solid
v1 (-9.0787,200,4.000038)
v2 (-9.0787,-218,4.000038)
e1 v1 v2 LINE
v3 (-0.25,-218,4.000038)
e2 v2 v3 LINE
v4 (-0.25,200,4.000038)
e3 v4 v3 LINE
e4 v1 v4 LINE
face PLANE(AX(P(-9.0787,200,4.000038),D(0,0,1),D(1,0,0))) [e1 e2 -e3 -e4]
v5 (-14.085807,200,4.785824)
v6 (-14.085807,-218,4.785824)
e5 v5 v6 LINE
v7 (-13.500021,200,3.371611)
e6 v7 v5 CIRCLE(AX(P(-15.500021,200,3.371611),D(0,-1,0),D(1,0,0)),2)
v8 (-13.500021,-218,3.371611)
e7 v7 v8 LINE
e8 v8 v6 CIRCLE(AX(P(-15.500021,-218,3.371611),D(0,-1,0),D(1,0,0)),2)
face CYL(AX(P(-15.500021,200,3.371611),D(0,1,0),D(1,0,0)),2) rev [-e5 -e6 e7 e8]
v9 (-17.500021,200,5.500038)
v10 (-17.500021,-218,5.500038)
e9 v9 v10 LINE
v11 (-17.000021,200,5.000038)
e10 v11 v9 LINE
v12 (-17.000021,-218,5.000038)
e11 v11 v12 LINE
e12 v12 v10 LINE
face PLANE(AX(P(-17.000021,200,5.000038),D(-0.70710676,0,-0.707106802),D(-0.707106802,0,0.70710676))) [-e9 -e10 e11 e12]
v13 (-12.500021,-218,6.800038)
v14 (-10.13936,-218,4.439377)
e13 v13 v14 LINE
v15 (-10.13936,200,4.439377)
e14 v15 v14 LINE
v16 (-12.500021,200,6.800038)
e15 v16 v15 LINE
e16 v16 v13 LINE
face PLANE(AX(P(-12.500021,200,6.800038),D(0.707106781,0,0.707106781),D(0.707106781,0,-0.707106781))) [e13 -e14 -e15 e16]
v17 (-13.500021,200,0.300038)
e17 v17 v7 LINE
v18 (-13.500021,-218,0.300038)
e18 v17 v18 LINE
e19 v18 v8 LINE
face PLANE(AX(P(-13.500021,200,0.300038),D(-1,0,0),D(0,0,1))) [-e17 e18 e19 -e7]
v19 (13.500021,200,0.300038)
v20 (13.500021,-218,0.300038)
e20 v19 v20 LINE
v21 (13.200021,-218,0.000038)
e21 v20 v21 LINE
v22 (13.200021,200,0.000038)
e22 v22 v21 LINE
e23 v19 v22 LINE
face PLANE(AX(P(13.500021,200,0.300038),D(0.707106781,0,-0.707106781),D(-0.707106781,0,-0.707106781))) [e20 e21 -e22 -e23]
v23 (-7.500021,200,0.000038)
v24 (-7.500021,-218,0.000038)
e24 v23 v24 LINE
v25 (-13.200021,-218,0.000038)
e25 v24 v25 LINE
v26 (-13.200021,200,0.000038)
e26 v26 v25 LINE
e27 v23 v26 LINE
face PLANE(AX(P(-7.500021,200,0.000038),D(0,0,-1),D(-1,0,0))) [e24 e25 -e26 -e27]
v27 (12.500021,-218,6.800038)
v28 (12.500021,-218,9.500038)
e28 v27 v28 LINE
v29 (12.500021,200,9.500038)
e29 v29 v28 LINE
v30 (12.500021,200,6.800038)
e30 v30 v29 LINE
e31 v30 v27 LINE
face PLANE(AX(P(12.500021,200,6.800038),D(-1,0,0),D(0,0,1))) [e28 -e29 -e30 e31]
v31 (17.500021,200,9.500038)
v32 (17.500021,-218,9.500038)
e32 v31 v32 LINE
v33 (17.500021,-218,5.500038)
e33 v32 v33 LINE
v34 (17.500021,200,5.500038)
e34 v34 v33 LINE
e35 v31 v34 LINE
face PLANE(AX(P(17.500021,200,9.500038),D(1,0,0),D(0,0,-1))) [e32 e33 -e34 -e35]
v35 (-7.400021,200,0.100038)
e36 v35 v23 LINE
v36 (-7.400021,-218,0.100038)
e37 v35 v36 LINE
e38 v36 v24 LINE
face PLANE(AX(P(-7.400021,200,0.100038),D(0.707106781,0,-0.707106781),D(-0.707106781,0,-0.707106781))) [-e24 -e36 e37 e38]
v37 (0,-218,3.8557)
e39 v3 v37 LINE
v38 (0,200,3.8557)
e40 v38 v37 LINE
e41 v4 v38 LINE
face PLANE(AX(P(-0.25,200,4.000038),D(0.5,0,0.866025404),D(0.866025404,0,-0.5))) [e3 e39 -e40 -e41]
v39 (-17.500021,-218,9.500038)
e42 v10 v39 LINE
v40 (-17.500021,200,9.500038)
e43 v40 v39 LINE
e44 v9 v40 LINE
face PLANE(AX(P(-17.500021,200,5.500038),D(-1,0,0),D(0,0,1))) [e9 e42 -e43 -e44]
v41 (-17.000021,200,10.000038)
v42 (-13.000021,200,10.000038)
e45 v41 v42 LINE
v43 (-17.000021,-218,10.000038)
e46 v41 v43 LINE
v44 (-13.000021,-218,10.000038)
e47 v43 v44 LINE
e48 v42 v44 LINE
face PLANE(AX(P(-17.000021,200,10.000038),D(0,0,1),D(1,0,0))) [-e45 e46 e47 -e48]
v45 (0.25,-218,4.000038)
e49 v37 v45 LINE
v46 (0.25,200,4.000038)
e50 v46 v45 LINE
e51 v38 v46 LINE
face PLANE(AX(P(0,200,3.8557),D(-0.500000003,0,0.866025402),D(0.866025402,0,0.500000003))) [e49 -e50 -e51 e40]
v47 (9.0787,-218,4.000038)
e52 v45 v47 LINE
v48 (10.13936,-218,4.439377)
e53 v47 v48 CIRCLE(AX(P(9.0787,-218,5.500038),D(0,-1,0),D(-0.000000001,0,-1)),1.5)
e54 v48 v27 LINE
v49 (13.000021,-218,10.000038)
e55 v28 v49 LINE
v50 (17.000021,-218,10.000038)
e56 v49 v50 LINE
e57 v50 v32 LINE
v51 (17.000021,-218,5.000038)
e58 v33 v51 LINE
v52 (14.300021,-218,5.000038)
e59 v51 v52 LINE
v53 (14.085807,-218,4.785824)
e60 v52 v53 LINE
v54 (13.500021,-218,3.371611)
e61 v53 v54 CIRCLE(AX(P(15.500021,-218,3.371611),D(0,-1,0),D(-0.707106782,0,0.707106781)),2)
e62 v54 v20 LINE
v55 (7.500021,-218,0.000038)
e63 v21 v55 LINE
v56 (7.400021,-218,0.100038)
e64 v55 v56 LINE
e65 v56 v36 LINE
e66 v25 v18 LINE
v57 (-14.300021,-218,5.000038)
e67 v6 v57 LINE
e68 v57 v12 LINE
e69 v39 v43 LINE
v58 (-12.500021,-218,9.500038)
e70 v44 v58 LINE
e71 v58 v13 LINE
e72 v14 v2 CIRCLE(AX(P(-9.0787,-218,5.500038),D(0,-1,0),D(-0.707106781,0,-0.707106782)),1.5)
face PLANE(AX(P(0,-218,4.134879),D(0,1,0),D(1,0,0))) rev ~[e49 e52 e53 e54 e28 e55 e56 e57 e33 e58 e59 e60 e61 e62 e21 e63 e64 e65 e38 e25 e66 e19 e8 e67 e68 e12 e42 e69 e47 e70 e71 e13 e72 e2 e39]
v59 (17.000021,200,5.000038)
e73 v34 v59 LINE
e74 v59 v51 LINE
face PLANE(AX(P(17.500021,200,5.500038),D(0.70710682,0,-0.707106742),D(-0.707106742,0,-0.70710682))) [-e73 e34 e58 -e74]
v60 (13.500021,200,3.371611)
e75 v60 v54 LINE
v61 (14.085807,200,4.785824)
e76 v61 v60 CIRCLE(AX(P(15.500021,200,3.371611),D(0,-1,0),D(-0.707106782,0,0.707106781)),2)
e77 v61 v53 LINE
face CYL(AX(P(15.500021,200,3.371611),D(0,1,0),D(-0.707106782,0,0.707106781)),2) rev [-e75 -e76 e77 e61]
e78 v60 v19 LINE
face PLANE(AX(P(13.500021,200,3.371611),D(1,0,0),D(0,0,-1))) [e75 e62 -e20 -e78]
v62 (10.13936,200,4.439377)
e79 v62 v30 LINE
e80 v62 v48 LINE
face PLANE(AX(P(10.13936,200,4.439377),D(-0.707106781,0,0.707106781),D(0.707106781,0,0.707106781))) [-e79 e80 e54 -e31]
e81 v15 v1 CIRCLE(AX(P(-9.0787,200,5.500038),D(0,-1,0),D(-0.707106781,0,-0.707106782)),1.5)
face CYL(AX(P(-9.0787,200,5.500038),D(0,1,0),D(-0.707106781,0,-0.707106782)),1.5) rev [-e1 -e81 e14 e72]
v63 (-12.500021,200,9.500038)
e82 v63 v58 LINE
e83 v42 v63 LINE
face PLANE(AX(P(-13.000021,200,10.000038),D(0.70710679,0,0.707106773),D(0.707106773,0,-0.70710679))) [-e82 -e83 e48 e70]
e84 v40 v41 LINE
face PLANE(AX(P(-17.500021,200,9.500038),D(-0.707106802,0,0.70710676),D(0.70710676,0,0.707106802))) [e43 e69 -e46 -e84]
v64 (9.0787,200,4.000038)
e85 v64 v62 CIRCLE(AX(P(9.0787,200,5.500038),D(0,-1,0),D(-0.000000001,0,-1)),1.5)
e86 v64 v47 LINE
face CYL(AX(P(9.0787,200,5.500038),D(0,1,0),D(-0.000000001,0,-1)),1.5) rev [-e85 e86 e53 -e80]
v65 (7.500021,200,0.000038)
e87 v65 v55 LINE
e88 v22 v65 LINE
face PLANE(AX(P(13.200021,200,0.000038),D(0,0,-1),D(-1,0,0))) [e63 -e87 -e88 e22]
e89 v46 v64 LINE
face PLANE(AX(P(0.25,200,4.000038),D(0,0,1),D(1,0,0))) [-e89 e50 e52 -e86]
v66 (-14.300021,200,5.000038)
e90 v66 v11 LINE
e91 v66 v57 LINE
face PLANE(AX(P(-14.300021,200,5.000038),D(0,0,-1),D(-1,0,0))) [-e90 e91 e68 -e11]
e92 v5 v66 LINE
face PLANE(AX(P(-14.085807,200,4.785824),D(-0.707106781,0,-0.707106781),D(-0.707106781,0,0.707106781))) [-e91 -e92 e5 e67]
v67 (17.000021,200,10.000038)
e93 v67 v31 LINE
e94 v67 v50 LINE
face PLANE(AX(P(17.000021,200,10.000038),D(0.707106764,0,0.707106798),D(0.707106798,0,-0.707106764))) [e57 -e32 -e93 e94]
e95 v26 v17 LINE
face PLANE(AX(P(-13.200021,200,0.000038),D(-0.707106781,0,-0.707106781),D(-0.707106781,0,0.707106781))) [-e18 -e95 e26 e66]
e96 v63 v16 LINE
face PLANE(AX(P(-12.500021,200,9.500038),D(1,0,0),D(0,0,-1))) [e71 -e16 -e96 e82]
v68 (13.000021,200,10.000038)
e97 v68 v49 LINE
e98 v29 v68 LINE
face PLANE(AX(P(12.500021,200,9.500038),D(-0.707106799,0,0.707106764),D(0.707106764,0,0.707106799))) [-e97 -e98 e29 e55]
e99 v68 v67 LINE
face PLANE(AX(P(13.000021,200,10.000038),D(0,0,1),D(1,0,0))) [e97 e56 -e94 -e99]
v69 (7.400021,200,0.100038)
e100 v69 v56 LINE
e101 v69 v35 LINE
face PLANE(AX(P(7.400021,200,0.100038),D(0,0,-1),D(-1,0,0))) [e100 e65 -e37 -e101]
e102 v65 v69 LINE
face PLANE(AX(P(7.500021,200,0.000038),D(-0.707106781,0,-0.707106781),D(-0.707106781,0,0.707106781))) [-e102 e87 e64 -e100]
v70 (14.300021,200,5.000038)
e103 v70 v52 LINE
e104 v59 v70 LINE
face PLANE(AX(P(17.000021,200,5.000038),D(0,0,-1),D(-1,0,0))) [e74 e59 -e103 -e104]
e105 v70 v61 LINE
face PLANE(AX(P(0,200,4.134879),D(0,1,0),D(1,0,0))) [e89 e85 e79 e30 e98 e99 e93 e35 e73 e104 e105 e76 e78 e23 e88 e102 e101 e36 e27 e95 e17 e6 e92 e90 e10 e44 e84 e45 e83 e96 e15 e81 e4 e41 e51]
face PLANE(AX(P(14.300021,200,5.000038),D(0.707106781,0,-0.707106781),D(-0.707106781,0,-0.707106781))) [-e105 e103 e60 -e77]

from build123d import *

# Parameters (mm, degrees)
BOSS_EXTRUDE1_DEPTH = 418


with BuildPart() as part:
    # Sketch1 → Boss-Extrude1 (new body)
    with BuildSketch(Plane(origin=(0, 200, 0), x_dir=(1, 0, 0), z_dir=(0, 1, 0))):
        with BuildLine():
            Line((1e-09, -3.855700002), (0.25, -4.00003757))
            Line((0.25, -4.00003757), (9.078700232, -4.00003757))
            ThreePointArc((9.078700232, -4.00003757), (9.652725366, -4.114218268), (10.139360377, -4.439377387))
            Line((10.139360377, -4.439377387), (12.500020747, -6.800037757))
            Line((12.500020747, -6.800037757), (12.500020747, -9.500037757))
            Line((12.500020747, -9.500037757), (13.00002072, -10.000037755))
            Line((13.00002072, -10.000037755), (17.00002072, -10.000037755))
            Line((17.00002072, -10.000037755), (17.500020747, -9.500037752))
            Line((17.500020747, -9.500037752), (17.500020747, -5.500037752))
            Line((17.500020747, -5.500037752), (17.00002075, -5.0000377))
            Line((17.00002075, -5.0000377), (14.30002072, -5.0000377))
            Line((14.30002072, -5.0000377), (14.085807141, -4.785824121))
            ThreePointArc((14.085807141, -4.785824121), (13.652261651, -4.136977442), (13.50002072, -3.371610598))
            Line((13.50002072, -3.371610598), (13.50002072, -0.30003757))
            Line((13.50002072, -0.30003757), (13.20002072, -3.757e-05))
            Line((13.20002072, -3.757e-05), (7.50002072, -3.757e-05))
            Line((7.50002072, -3.757e-05), (7.40002072, -0.10003757))
            Line((7.40002072, -0.10003757), (-7.40002072, -0.10003757))
            Line((-7.40002072, -0.10003757), (-7.50002072, -3.757e-05))
            Line((-7.50002072, -3.757e-05), (-13.20002072, -3.757e-05))
            Line((-13.20002072, -3.757e-05), (-13.50002072, -0.30003757))
            Line((-13.50002072, -0.30003757), (-13.50002072, -3.371610628))
            ThreePointArc((-13.50002072, -3.371610628), (-13.652261651, -4.136977472), (-14.085807141, -4.785824151))
            Line((-14.085807141, -4.785824151), (-14.30002069, -5.0000377))
            Line((-14.30002069, -5.0000377), (-17.00002072, -5.0000377))
            Line((-17.00002072, -5.0000377), (-17.50002072, -5.50003767))
            Line((-17.50002072, -5.50003767), (-17.50002072, -9.50003767))
            Line((-17.50002072, -9.50003767), (-17.000020665, -10.000037755))
            Line((-17.000020665, -10.000037755), (-13.00002072, -10.000037755))
            Line((-13.00002072, -10.000037755), (-12.500020741, -9.500037764))
            Line((-12.500020741, -9.500037764), (-12.500020741, -6.800037764))
            Line((-12.500020741, -6.800037764), (-10.139360364, -4.439377387))
            ThreePointArc((-10.139360364, -4.439377387), (-9.652725352, -4.114218268), (-9.078700218, -4.00003757))
            Line((-9.078700218, -4.00003757), (-0.25, -4.00003757))
            Line((-0.25, -4.00003757), (1e-09, -3.855700002))
        make_face()
    extrude(amount=-BOSS_EXTRUDE1_DEPTH)


solid = part.part
